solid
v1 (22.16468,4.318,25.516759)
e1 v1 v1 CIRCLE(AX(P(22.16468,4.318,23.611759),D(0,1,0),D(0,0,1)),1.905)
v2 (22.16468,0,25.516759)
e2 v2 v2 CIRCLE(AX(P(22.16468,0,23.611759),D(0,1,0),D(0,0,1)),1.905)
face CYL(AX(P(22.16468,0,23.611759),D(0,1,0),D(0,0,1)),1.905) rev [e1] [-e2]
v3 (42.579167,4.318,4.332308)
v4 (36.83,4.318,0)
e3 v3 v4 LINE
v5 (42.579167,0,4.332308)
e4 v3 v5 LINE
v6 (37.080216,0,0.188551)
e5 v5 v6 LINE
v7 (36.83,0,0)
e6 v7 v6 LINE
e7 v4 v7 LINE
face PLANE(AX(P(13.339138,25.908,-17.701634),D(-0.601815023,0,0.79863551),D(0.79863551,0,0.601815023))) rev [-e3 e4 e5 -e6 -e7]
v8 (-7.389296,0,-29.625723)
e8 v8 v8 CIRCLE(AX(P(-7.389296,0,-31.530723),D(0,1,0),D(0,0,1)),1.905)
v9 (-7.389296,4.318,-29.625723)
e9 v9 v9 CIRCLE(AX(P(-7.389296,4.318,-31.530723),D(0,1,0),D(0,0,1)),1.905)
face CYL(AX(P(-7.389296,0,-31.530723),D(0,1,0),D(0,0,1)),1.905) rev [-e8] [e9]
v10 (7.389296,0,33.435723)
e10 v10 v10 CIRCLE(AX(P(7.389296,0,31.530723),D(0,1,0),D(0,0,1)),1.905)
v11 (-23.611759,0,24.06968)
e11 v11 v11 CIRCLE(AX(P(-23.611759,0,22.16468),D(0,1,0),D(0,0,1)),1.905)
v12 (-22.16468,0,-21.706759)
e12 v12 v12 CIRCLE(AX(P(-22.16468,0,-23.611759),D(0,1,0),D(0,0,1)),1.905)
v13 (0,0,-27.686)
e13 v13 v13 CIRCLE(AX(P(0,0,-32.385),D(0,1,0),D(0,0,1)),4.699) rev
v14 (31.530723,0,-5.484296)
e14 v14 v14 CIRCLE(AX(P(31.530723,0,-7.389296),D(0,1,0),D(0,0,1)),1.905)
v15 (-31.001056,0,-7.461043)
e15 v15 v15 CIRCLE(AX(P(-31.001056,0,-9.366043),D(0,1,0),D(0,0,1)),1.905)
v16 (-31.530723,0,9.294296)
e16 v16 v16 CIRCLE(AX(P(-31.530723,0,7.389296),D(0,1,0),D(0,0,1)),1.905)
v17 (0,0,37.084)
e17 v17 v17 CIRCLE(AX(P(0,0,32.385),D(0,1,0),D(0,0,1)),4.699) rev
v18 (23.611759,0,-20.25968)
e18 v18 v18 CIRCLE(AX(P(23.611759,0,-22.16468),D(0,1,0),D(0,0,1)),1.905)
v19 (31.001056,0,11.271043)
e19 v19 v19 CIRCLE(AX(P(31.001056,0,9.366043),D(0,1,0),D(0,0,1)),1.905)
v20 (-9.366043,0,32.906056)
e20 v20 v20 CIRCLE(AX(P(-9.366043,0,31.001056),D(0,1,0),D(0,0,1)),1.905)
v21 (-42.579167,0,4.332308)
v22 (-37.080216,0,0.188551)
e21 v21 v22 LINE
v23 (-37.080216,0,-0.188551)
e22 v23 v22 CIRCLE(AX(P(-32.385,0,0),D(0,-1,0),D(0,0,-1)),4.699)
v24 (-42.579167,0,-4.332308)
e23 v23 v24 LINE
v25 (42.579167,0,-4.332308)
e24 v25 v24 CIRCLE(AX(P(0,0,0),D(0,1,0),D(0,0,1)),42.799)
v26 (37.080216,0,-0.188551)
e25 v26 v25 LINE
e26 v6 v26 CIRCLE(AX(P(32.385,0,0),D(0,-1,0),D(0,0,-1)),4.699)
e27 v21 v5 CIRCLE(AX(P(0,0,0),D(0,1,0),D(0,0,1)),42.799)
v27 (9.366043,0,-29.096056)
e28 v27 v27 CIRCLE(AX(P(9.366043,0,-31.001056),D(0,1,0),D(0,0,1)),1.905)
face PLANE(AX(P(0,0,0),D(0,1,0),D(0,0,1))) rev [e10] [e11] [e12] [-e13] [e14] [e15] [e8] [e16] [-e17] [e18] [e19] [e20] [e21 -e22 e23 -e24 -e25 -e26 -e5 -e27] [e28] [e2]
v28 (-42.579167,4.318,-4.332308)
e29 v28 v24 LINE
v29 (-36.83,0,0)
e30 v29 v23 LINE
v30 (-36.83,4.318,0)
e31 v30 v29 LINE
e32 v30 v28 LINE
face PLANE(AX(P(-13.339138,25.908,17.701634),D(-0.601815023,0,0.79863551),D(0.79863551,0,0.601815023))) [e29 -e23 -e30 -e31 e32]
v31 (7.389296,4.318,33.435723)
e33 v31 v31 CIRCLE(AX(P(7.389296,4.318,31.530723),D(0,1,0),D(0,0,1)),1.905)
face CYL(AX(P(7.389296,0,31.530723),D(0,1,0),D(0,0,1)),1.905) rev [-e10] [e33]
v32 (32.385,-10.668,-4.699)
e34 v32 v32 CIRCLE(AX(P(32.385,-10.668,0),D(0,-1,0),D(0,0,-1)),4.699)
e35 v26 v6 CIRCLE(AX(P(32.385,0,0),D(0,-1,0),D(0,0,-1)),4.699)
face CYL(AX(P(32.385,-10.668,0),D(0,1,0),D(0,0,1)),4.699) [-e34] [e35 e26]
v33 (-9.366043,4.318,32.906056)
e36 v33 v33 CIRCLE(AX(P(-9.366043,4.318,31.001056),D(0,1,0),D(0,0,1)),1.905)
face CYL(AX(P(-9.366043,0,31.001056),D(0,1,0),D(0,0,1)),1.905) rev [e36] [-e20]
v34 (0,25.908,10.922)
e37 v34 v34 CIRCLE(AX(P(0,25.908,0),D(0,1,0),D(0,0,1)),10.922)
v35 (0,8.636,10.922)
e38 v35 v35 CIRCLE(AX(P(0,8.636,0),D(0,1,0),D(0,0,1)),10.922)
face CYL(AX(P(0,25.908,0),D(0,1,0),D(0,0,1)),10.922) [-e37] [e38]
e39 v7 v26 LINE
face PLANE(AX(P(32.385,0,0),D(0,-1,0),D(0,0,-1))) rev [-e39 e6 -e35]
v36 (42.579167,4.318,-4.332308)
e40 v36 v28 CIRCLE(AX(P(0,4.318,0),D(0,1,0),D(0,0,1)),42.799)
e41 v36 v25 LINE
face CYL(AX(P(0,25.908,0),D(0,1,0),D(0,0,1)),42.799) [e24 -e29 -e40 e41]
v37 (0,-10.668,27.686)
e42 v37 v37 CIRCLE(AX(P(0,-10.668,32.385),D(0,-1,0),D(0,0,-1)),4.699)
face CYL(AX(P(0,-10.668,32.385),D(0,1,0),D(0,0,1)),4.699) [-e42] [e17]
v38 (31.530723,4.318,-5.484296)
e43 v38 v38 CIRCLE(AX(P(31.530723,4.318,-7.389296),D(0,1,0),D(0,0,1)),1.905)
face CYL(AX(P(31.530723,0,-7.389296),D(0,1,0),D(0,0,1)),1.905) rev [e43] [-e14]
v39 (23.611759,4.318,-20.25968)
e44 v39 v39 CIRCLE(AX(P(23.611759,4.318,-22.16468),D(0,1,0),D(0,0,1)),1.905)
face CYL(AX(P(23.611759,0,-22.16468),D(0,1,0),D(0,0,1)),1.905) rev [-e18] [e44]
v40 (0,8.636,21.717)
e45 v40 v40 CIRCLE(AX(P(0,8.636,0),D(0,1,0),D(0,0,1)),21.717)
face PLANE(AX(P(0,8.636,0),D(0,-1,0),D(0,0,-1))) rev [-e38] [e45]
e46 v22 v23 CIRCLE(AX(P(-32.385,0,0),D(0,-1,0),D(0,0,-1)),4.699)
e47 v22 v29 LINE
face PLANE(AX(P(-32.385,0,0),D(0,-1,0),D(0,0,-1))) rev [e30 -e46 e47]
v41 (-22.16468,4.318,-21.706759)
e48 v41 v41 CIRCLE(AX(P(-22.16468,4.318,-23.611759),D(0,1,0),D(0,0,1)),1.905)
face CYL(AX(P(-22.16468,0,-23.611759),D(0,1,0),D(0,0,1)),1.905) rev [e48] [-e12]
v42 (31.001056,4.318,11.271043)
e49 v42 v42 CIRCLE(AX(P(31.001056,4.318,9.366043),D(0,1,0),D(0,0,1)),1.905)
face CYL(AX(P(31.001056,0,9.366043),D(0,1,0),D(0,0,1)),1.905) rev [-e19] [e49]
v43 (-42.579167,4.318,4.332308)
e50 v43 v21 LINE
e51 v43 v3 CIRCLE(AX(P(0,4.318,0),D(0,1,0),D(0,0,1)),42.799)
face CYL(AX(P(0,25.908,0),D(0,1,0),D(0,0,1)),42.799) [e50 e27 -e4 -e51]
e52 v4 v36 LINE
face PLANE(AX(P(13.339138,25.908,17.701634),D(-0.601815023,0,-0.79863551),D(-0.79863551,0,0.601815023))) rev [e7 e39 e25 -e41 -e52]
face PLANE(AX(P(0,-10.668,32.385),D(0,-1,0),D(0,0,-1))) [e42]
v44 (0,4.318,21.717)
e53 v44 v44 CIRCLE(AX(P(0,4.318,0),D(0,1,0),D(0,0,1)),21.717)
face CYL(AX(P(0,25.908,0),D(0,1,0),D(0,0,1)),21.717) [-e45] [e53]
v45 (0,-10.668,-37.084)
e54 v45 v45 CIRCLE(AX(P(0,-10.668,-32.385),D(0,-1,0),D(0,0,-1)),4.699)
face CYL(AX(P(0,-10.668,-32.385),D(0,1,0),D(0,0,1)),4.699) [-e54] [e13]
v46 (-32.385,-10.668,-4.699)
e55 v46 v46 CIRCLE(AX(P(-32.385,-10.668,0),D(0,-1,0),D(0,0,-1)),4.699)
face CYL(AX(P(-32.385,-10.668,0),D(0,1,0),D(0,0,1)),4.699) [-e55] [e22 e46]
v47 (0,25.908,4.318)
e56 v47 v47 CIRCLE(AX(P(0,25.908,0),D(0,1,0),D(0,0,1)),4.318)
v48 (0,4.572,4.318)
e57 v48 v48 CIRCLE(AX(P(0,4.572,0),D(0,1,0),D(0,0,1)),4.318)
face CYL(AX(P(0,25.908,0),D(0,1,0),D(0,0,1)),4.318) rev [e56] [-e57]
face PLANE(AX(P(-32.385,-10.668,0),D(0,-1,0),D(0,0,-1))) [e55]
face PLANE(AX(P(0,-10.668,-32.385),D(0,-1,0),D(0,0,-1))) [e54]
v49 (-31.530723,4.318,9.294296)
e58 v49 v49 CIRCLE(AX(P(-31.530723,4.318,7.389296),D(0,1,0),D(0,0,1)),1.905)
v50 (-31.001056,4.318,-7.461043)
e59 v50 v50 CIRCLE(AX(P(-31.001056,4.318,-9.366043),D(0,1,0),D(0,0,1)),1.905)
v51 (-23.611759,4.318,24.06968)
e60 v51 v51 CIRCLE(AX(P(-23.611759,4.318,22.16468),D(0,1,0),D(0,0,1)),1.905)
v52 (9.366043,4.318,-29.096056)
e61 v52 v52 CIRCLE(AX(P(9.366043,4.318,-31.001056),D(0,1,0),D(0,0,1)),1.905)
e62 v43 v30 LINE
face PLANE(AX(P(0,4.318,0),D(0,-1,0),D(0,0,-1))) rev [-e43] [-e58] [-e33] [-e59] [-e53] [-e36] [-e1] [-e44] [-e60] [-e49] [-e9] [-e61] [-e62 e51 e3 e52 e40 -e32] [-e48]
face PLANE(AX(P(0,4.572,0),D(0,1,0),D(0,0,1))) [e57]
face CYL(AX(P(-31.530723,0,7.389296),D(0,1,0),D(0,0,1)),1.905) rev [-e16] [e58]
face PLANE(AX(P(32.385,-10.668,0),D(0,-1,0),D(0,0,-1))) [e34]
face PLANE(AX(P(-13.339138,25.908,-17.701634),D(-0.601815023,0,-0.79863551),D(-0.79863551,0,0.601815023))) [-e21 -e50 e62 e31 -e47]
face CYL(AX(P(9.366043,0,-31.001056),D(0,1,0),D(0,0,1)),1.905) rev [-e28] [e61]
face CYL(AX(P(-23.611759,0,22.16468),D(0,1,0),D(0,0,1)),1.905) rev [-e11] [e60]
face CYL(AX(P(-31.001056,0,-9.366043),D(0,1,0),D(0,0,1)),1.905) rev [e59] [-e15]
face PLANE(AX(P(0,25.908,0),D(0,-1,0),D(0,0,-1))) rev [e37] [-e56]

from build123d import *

# Parameters (mm, degrees)
SKETCH2_R           = 1.905
CUT_EXTRUDE1_DEPTH  = 4.318
CUT_EXTRUDE2_DEPTH  = 66.838691254
SKETCH4_R           = 4.699
BOSS_EXTRUDE1_DEPTH = 10.668


with BuildPart() as part:
    # Sketch1 → Revolve1 (revolve)
    with BuildSketch(Plane.XY, mode=Mode.PRIVATE) as revolve1_sk:
        Polygon((-42.799, 0), (0, 0), (0, 4.572), (-4.318, 4.572), (-4.318, 25.908), (-10.922, 25.908), (-10.922, 8.636), (-21.717, 8.636), (-21.717, 4.318), (-42.799, 4.318), align=None)
    revolve(revolve1_sk.sketch.rotate(Axis((0, 25.908, 0), (0, -1, 0)), 270), axis=Axis((0, 25.908, 0), (0, -1, 0)))

    # Sketch2 → Cut-Extrude1 (cut)
    with BuildSketch(Plane(origin=(0, 4.318, 0), x_dir=(1, 0, 0), z_dir=(0, 1, 0))):
        with Locations(Location((-31.001055742, 9.366043342, 0), (0, 0, 270))):
            Circle(SKETCH2_R)
        with Locations(Location((-22.164680145, 23.611759338, 0), (0, 0, 270))):
            Circle(SKETCH2_R)
        with Locations(Location((-7.389296403, 31.530723488, 0), (0, 0, 270))):
            Circle(SKETCH2_R)
        with Locations(Location((9.366043342, 31.001055742, 0), (0, 0, 270))):
            Circle(SKETCH2_R)
        with Locations(Location((23.611759338, 22.164680145, 0), (0, 0, 270))):
            Circle(SKETCH2_R)
        with Locations(Location((31.530723488, 7.389296403, 0), (0, 0, 270))):
            Circle(SKETCH2_R)
        with Locations(Location((31.001055742, -9.366043342, 0), (0, 0, 270))):
            Circle(SKETCH2_R)
        with Locations(Location((22.164680145, -23.611759338, 0), (0, 0, 270))):
            Circle(SKETCH2_R)
        with Locations(Location((7.389296403, -31.530723488, 0), (0, 0, 270))):
            Circle(SKETCH2_R)
        with Locations(Location((-9.366043342, -31.001055742, 0), (0, 0, 270))):
            Circle(SKETCH2_R)
        with Locations(Location((-23.611759338, -22.164680145, 0), (0, 0, 270))):
            Circle(SKETCH2_R)
        with Locations(Location((-31.530723488, -7.389296403, 0), (0, 0, 270))):
            Circle(SKETCH2_R)
    extrude(amount=-CUT_EXTRUDE1_DEPTH, mode=Mode.SUBTRACT)

    # Sketch3 → Cut-Extrude2 (cut, through all)
    with BuildSketch(Plane.XZ):
        with BuildLine():
            ThreePointArc((42.799, 0), (42.744006542, 2.168941149), (42.579167494, 4.33230845))
            Line((42.579167494, 4.33230845), (36.83, 0))
            Line((36.83, 0), (42.579167494, -4.33230845))
            ThreePointArc((42.579167494, -4.33230845), (42.744006542, -2.168941149), (42.799, 0))
        make_face()
        with BuildLine():
            Line((-36.83, 0), (-42.579167494, 4.33230845))
            ThreePointArc((-42.579167494, 4.33230845), (-42.799, 0), (-42.579167494, -4.33230845))
            Line((-42.579167494, -4.33230845), (-36.83, 0))
        make_face()
    extrude(amount=-CUT_EXTRUDE2_DEPTH, mode=Mode.SUBTRACT)

    # Sketch4 → Boss-Extrude1 (add)
    with BuildSketch(Plane.XZ):
        with Locations(Location((0, 32.385, 0), (0, 0, 90))):
            Circle(SKETCH4_R)
        with Locations(Location((32.385, 0, 0), (0, 0, 2.299654478))):
            Circle(SKETCH4_R)
        with Locations(Location((0, -32.385, 0), (0, 0, 90))):
            Circle(SKETCH4_R)
        with Locations(Location((-32.385, 0, 0), (0, 0, 177.700345522))):
            Circle(SKETCH4_R)
    extrude(amount=BOSS_EXTRUDE1_DEPTH)


solid = part.part
